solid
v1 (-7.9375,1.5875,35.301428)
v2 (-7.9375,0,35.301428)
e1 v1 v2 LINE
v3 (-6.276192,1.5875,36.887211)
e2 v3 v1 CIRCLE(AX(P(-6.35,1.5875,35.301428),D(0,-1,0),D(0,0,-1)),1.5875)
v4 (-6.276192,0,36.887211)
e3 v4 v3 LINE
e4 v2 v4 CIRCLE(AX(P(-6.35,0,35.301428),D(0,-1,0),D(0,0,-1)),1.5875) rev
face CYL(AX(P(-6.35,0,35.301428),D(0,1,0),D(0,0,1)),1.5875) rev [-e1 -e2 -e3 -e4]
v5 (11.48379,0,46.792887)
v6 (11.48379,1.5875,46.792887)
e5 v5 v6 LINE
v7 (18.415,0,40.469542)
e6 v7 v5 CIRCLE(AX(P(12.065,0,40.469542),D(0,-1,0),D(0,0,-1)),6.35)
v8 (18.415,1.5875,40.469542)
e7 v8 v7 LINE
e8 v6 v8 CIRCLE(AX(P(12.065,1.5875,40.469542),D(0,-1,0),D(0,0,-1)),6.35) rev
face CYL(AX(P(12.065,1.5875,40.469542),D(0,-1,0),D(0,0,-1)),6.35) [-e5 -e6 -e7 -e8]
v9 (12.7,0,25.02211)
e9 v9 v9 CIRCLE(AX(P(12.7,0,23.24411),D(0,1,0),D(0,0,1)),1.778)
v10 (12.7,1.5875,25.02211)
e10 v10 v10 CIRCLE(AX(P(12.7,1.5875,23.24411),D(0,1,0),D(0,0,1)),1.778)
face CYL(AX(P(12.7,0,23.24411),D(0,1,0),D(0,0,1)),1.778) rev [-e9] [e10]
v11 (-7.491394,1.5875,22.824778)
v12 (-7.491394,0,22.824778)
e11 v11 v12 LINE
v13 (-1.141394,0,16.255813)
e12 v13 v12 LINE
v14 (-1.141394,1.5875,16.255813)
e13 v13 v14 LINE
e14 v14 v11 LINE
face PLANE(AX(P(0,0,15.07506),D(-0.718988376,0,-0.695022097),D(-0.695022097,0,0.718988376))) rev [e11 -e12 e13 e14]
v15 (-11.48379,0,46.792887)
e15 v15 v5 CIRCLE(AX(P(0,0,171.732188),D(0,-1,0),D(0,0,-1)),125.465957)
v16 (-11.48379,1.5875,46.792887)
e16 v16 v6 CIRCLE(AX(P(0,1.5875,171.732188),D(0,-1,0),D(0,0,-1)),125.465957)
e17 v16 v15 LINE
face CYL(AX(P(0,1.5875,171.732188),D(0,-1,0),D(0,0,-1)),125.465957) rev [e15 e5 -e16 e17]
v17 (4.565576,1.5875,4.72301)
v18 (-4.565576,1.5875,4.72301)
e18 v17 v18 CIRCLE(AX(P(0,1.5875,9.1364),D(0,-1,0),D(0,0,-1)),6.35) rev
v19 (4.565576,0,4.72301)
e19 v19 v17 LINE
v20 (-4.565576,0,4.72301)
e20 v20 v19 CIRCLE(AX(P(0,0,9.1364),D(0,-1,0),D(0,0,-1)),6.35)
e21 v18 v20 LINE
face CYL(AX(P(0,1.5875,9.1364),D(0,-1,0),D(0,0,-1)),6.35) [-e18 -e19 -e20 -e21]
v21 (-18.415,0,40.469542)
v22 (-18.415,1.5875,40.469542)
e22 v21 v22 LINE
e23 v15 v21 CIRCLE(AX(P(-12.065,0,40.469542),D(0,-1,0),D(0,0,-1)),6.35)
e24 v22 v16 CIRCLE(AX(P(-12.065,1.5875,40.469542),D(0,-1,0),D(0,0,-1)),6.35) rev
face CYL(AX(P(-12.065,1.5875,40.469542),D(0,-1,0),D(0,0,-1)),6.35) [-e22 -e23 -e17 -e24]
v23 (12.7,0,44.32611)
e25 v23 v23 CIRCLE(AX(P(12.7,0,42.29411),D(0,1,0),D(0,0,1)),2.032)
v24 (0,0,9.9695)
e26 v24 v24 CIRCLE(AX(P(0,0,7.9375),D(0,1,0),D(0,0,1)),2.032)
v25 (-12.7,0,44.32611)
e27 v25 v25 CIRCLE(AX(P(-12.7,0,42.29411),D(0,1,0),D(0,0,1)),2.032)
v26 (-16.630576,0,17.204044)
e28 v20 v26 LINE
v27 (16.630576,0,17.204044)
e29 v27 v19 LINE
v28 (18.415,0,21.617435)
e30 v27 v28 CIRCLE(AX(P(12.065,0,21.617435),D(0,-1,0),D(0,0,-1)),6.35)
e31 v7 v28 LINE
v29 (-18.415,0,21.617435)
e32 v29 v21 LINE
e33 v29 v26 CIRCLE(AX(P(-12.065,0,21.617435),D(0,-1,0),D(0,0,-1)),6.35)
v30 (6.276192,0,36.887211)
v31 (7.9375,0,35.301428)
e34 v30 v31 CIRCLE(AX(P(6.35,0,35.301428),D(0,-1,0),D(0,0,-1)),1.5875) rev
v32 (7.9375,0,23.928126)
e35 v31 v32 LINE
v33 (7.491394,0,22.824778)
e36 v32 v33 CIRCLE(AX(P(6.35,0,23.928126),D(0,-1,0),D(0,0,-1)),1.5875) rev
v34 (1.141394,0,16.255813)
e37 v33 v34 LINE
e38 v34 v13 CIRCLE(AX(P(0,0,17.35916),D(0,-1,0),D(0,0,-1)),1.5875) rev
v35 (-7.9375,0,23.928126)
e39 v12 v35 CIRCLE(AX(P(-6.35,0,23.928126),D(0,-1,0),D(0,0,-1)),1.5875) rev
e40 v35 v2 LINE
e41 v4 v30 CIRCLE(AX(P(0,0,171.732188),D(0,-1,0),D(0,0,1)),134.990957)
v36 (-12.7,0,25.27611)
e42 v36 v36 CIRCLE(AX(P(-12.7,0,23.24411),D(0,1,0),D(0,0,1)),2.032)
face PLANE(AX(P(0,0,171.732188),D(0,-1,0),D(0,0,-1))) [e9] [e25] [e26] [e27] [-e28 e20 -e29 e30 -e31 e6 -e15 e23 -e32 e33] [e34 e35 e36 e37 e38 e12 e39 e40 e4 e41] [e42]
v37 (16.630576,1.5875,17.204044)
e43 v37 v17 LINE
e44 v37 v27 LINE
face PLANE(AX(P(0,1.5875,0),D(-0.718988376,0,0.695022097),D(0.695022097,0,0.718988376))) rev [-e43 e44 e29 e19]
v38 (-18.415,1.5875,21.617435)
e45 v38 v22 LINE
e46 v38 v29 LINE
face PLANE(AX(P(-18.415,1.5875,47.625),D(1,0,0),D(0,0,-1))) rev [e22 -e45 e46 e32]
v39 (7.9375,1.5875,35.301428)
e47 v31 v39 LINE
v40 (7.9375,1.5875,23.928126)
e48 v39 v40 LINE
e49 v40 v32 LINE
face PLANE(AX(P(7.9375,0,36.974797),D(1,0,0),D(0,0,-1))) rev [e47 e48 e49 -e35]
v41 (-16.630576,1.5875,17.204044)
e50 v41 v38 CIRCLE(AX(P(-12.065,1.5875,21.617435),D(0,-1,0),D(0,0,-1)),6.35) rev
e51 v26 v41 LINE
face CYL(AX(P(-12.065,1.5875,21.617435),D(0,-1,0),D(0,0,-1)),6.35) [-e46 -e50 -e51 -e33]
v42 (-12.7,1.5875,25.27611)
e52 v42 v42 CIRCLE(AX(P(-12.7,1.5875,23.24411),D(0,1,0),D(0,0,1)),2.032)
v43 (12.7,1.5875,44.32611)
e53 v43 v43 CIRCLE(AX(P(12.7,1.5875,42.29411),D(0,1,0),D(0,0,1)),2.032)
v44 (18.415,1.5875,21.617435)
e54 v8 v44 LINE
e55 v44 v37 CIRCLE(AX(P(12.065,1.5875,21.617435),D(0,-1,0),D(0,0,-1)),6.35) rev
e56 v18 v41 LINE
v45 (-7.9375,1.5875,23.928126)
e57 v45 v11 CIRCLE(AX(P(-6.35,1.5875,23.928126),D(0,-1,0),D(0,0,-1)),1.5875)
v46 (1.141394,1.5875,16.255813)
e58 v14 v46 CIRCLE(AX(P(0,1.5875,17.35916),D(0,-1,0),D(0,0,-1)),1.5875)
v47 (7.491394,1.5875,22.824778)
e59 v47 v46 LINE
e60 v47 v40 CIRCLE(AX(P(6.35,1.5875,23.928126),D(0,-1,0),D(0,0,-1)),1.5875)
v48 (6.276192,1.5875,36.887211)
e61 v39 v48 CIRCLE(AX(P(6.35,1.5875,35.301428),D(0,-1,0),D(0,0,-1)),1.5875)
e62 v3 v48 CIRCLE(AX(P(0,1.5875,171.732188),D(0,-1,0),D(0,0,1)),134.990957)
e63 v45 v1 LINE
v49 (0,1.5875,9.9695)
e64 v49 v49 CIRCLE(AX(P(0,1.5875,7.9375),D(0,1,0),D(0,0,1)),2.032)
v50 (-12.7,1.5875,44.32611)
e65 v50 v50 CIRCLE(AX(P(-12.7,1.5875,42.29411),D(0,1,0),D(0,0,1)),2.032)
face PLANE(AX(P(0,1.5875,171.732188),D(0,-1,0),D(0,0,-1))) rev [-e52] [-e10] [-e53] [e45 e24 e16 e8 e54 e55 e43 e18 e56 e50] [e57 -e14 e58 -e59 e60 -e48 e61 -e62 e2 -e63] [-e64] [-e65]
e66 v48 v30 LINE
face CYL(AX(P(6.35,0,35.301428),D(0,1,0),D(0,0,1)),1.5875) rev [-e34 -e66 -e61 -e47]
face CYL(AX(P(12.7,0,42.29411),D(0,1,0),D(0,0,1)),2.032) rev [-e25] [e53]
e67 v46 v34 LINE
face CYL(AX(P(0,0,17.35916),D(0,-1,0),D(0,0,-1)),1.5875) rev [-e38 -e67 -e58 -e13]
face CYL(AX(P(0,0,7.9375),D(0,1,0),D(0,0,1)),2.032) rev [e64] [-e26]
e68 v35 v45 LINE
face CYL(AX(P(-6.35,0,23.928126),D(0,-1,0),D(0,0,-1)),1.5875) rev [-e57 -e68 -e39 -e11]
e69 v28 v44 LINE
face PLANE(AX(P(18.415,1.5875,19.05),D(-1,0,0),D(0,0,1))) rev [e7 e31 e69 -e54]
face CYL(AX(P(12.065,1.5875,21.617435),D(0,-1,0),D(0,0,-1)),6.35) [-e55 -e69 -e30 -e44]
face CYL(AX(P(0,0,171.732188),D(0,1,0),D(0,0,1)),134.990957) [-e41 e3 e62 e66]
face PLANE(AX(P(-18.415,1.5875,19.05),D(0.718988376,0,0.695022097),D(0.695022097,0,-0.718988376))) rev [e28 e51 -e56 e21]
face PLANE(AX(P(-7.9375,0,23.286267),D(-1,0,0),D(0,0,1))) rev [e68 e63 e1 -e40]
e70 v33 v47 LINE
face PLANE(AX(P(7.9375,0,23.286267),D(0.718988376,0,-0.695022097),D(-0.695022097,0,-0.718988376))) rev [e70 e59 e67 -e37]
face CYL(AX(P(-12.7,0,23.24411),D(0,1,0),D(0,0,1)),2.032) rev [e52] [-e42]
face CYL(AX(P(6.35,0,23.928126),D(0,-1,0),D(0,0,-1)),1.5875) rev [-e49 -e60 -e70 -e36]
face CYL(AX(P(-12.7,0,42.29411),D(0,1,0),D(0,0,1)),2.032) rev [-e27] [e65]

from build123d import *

# Parameters (mm, degrees)
BOSS_EXTRUDE1_DEPTH = 1.5875
SKETCH3_R           = 2.032
SKETCH3_R_2         = 1.778
CUT_EXTRUDE1_DEPTH  = 52.085937461
CUT_EXTRUDE2_DEPTH  = 52.085937461
FILLET1_R           = 6.35
FILLET2_R           = 1.5875


with BuildPart() as part:
    # Sketch1 → Boss-Extrude1 (new body)
    with BuildSketch(Plane(origin=(0, 0, 0), x_dir=(1, 0, 0), z_dir=(0, 1, 0))):
        with BuildLine():
            Line((0, 0), (18.415, -19.05))
            Line((18.415, -19.05), (18.415, -47.625))
            ThreePointArc((18.415, -47.625), (0, -46.266231115), (-18.415, -47.625))
            Line((-18.415, -47.625), (-18.415, -19.05))
            Line((-18.415, -19.05), (0, 0))
        make_face()
    extrude(amount=BOSS_EXTRUDE1_DEPTH)

    # Sketch3 → Cut-Extrude1 (cut, through all)
    with BuildSketch(Plane(origin=(0, 1.5875, 0), x_dir=(1, 0, 0), z_dir=(0, 1, 0))):
        with Locations(Location((12.7, -42.294109534, 0), (0, 0, 270))):
            Circle(SKETCH3_R)
        with Locations(Location((-12.7, -42.294109534, 0), (0, 0, 270))):
            Circle(SKETCH3_R)
        with Locations(Location((-12.7, -23.244109534, 0), (0, 0, 270))):
            Circle(SKETCH3_R)
        with Locations(Location((12.7, -23.244109534, 0), (0, 0, 270))):
            Circle(SKETCH3_R_2)
        with Locations(Location((0, -7.9375, 0), (0, 0, 270))):
            Circle(SKETCH3_R)
    extrude(amount=-CUT_EXTRUDE1_DEPTH, mode=Mode.SUBTRACT)

    # Sketch4 → Cut-Extrude2 (cut, through all)
    with BuildSketch(Plane(origin=(0, 1.5875, 0), x_dir=(1, 0, 0), z_dir=(0, 1, 0))):
        with BuildLine():
            Line((7.9375, -36.974796609), (7.9375, -23.286267168))
            Line((7.9375, -23.286267168), (0, -15.075060272))
            Line((0, -15.075060272), (-7.9375, -23.286267168))
            Line((-7.9375, -23.286267168), (-7.9375, -36.974796609))
            ThreePointArc((-7.9375, -36.974796609), (0, -36.741231115), (7.9375, -36.974796609))
        make_face()
    extrude(amount=-CUT_EXTRUDE2_DEPTH, mode=Mode.SUBTRACT)

    # Fillet1
    fillet1_edges = [part.edges().sort_by_distance(p)[0] for p in [
        (0, 0.79375, 0),
        (18.415, 0.79375, 19.05),
        (18.415, 0.79375, 47.625),
        (-18.415, 0.79375, 47.625),
        (-18.415, 0.79375, 19.05),
    ]]
    fillet(fillet1_edges, radius=FILLET1_R)

    # Fillet2
    fillet2_edges = [part.edges().sort_by_distance(p)[0] for p in [
        (-7.9375, 0.79375, 23.286267168),
        (0, 0.79375, 15.075060272),
        (7.9375, 0.79375, 23.286267168),
        (7.9375, 0.79375, 36.974796609),
        (-7.9375, 0.79375, 36.974796609),
    ]]
    fillet(fillet2_edges, radius=FILLET2_R)


solid = part.part
